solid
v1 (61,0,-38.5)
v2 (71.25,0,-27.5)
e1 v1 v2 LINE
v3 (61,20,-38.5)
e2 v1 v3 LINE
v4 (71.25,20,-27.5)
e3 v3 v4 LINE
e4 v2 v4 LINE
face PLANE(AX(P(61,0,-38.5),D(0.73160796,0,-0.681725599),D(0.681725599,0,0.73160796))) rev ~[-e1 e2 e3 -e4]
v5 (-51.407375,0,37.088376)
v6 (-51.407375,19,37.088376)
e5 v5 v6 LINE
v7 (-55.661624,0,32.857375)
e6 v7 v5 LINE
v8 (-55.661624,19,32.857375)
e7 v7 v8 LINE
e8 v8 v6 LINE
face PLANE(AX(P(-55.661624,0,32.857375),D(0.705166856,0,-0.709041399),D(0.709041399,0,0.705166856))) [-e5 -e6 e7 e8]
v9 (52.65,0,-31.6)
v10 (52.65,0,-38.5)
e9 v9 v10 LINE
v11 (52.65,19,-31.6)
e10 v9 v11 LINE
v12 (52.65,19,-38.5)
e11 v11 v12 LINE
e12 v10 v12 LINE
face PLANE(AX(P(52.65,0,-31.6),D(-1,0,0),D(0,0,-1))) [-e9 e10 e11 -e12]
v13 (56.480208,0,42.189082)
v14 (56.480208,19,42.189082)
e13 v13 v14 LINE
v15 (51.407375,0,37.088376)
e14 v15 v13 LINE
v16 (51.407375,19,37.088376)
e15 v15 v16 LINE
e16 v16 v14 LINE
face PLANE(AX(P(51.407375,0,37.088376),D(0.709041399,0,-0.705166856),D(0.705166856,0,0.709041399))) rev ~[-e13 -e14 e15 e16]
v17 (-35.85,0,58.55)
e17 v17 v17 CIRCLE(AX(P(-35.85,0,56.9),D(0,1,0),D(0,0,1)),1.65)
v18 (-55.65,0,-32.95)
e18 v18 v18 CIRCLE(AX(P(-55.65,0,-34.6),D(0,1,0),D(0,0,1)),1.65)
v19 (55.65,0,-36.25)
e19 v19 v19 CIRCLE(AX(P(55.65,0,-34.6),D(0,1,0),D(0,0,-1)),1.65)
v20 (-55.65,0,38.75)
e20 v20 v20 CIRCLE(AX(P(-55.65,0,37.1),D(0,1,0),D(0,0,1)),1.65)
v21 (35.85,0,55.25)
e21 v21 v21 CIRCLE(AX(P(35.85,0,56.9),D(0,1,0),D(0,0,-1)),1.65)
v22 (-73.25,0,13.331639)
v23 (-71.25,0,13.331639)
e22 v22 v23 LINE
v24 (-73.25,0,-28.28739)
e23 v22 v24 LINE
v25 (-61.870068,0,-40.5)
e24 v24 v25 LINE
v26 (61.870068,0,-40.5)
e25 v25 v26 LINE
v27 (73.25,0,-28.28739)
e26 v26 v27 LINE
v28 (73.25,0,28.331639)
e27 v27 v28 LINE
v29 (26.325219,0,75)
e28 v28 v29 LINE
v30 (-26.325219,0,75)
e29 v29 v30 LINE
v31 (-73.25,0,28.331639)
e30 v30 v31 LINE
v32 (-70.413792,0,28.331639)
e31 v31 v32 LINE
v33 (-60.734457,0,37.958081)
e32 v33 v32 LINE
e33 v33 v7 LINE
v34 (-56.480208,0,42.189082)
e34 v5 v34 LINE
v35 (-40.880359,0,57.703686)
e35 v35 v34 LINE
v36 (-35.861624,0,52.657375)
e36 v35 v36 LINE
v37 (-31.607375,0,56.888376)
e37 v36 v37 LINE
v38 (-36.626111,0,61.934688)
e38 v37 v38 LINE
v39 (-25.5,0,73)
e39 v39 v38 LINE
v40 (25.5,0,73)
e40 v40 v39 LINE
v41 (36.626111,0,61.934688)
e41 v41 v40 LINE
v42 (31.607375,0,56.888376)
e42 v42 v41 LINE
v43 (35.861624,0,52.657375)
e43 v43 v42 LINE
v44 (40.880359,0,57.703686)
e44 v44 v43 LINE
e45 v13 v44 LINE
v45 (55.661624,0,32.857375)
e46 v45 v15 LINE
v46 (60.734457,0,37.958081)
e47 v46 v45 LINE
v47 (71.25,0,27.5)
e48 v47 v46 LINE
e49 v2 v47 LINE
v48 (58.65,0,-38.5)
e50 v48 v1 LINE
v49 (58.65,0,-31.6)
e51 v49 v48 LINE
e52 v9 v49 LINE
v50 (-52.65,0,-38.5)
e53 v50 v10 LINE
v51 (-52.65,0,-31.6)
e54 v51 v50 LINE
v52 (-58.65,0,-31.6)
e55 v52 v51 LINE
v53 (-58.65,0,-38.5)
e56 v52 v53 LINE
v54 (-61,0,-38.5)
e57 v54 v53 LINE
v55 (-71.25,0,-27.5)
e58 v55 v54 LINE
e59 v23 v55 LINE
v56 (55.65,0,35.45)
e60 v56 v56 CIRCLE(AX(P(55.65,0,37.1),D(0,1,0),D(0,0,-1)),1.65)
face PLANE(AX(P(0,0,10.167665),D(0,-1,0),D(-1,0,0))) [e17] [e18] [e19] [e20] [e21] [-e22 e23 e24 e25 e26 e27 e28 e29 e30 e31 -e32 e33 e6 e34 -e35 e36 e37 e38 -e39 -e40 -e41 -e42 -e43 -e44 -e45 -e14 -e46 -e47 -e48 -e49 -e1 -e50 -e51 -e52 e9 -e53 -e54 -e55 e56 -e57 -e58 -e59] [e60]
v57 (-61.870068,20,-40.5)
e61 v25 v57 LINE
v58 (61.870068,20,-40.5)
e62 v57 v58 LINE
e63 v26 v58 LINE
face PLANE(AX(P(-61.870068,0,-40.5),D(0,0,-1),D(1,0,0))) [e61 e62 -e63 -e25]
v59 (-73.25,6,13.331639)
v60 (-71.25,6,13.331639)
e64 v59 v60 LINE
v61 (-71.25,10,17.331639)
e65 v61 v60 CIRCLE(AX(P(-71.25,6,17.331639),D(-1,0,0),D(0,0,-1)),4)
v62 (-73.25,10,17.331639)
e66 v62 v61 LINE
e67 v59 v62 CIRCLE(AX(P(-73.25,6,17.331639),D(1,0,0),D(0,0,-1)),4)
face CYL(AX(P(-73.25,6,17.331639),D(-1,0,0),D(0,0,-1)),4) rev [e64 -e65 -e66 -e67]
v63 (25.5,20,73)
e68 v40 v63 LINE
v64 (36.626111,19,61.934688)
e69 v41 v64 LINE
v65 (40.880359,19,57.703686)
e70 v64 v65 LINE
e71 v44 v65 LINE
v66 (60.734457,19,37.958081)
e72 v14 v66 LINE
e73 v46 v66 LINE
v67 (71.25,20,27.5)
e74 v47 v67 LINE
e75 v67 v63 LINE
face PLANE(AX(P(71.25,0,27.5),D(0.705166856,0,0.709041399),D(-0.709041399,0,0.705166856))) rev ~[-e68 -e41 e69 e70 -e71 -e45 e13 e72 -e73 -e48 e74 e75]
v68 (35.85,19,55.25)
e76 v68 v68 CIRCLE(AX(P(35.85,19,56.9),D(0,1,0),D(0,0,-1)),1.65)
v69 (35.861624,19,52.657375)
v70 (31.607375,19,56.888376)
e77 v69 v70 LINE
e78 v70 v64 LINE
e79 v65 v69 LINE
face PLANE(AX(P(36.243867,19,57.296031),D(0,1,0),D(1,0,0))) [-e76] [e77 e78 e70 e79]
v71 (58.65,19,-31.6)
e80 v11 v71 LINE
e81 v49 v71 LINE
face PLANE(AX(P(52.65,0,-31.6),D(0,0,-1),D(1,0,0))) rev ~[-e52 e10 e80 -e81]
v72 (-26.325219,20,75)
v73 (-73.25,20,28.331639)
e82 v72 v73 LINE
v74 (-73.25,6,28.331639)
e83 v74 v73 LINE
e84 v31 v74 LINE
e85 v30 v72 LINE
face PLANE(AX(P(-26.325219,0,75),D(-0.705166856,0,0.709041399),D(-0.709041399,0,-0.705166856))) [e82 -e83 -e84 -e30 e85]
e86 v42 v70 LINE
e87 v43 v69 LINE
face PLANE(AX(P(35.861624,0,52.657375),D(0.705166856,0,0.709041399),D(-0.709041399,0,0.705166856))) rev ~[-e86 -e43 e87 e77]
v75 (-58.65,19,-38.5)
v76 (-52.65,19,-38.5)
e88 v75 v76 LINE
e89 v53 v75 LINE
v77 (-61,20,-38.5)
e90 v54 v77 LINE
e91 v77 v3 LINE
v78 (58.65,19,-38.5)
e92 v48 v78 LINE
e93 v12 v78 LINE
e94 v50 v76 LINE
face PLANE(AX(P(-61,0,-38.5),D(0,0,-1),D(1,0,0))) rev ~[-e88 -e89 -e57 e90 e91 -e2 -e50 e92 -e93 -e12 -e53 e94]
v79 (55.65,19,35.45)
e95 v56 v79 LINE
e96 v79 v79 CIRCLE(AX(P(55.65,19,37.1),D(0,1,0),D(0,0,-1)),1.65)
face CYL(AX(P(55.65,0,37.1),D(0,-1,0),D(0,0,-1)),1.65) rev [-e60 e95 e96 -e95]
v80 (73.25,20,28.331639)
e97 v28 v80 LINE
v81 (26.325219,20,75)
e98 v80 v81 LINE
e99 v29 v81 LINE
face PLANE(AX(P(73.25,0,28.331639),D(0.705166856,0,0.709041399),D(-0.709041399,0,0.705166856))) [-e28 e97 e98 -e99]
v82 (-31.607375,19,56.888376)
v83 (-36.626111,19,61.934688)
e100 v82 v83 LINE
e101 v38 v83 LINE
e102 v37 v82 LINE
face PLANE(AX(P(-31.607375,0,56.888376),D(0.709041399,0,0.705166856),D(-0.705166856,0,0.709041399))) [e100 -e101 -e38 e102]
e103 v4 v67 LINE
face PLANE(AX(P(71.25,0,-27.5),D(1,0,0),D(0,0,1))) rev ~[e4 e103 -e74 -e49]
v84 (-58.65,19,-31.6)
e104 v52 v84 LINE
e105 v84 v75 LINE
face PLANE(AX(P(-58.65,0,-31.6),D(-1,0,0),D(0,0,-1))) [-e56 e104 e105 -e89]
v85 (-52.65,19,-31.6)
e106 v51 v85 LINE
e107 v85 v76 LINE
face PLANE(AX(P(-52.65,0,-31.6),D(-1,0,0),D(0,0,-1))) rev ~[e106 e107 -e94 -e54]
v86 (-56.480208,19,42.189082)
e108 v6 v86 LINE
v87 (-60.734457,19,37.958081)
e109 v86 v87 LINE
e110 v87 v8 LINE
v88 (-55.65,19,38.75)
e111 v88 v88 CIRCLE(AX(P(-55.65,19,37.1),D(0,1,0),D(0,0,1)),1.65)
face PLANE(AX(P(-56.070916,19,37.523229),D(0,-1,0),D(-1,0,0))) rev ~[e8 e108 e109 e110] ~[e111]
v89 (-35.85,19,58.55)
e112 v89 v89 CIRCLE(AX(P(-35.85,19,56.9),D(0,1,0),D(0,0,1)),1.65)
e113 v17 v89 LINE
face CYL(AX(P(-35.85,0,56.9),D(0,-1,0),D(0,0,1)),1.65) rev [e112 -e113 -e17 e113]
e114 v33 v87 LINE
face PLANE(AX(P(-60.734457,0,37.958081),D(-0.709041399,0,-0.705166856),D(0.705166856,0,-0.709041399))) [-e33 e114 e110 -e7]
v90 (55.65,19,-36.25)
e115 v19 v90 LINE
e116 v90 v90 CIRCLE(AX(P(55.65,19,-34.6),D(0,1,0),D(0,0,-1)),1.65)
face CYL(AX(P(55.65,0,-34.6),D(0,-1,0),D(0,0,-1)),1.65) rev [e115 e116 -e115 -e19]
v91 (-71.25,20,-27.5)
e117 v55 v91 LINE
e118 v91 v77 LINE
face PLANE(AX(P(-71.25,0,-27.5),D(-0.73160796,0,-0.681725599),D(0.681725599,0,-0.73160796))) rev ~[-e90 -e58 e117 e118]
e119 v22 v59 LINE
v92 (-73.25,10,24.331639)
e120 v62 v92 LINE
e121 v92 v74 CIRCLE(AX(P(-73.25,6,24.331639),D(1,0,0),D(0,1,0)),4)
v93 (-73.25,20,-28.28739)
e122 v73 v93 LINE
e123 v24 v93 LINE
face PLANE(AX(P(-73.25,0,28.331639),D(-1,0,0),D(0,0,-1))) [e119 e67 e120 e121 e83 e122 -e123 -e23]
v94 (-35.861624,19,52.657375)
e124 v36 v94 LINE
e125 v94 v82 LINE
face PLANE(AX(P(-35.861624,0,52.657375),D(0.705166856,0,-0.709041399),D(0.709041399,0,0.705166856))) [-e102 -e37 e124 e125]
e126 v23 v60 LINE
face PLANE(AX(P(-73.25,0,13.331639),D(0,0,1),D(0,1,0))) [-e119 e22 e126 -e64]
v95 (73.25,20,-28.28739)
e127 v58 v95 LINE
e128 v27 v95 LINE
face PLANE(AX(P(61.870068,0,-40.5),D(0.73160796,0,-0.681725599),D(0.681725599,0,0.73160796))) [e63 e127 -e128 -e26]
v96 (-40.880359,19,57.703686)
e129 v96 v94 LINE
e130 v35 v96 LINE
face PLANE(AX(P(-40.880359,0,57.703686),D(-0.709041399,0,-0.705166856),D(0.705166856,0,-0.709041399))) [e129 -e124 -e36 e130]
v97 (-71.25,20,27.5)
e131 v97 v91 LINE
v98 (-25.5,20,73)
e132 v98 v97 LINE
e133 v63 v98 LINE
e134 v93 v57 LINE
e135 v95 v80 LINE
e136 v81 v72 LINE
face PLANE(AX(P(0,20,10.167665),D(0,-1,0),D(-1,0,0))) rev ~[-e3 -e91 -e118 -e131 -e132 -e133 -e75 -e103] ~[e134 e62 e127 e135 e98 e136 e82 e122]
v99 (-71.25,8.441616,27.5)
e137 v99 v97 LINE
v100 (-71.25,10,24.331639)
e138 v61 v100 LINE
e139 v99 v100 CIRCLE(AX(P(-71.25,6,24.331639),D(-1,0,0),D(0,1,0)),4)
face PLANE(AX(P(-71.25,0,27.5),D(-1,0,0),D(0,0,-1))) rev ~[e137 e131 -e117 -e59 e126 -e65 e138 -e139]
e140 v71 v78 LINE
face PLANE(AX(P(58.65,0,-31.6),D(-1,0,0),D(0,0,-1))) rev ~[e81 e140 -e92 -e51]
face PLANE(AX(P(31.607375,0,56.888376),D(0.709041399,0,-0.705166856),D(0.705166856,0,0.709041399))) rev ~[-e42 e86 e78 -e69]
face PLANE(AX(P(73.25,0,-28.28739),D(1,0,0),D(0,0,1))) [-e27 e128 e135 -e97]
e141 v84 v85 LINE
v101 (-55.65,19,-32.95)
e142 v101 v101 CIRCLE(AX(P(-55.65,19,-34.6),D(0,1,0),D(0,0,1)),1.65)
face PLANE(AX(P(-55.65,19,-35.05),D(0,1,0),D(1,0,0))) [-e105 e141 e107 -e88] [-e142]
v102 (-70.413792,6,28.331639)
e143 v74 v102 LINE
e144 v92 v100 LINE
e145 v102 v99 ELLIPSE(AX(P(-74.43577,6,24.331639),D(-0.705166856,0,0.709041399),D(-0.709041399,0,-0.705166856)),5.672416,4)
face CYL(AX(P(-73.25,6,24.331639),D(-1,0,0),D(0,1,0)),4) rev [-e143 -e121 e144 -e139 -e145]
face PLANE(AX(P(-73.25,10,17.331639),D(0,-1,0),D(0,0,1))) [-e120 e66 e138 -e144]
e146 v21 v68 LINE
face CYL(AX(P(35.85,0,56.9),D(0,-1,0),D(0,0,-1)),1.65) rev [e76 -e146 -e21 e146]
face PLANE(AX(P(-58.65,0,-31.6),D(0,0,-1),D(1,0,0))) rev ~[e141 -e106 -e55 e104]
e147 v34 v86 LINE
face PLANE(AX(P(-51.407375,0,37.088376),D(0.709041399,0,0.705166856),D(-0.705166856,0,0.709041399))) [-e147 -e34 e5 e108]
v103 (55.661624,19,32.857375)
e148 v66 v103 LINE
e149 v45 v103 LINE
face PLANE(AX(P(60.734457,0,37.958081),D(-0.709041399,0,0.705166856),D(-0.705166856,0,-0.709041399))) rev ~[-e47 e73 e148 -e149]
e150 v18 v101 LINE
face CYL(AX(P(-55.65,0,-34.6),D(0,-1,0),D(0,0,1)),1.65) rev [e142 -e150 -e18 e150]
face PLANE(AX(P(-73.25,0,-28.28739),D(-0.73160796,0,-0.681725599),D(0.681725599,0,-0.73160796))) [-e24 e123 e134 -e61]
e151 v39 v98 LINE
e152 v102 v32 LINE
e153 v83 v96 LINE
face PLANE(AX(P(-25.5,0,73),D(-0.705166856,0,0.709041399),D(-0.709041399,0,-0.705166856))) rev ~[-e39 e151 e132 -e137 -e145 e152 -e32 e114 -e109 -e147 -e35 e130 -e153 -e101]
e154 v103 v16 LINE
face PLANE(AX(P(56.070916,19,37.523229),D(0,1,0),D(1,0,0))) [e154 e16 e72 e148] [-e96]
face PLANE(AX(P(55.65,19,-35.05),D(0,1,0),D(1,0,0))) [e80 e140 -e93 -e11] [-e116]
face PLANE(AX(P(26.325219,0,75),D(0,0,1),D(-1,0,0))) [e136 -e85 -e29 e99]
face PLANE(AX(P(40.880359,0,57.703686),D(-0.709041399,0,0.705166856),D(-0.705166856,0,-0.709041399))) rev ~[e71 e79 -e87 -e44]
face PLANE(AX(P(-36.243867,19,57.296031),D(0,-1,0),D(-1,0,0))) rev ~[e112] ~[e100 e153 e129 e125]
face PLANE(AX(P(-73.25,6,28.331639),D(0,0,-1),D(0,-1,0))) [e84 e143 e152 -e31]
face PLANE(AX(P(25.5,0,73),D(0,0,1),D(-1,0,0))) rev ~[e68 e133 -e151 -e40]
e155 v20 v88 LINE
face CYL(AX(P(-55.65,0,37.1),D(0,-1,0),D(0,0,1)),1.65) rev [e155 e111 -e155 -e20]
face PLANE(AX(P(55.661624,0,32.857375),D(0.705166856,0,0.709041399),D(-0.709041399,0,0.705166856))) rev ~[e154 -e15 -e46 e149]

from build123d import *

# Parameters (mm, degrees)
BOSS_EXTRUDE1_DEPTH = 20
SKETCH2_R           = 1.65
SKETCH2_W           = 6
SKETCH2_H           = 6.9
BOSS_EXTRUDE2_DEPTH = 19
CUT_EXTRUDE1_DEPTH  = 10


with BuildPart() as part:
    # Sketch1 → Boss-Extrude1 (new body)
    with BuildSketch(Plane(origin=(0, 0, 0), x_dir=(1, 0, 0), z_dir=(0, 1, 0))):
        Polygon((-61.870068173, 40.5), (61.870068173, 40.5), (73.25, 28.287390235), (73.25, -28.33163873), (26.325219162, -75), (-26.325219162, -75), (-73.25, -28.33163873), (-73.25, 28.287390235), align=None)
        Polygon((-61, 38.5), (61, 38.5), (71.25, 27.5), (71.25, -27.5), (25.5, -73), (-25.5, -73), (-71.25, -27.5), (-71.25, 27.5), align=None, mode=Mode.SUBTRACT)
    extrude(amount=BOSS_EXTRUDE1_DEPTH)

    # Sketch2 → Boss-Extrude2 (add)
    # profile 1 of 6: a face of its own
    with BuildSketch(Plane(origin=(0, 0, 0), x_dir=(1, 0, 0), z_dir=(0, 1, 0))):
        Polygon((-40.880359301, -57.703686378), (-35.861623629, -52.657375236), (-31.607375236, -56.888376371), (-36.626110907, -61.934687513), align=None)
        with Locations(Location((-35.85, -56.9, 0), (0, 0, 270))):
            Circle(SKETCH2_R, mode=Mode.SUBTRACT)
    # profile 2 of 6: a face of its own
    with BuildSketch(Plane(origin=(0, 0, 0), x_dir=(1, 0, 0), z_dir=(0, 1, 0))):
        Polygon((-60.73445685, -37.958081166), (-55.661623629, -32.857375236), (-51.407375236, -37.088376371), (-56.480208456, -42.189082301), align=None)
        with Locations(Location((-55.65, -37.1, 0), (0, 0, 270))):
            Circle(SKETCH2_R, mode=Mode.SUBTRACT)
    # profile 3 of 6: a face of its own
    with BuildSketch(Plane(origin=(0, 0, 0), x_dir=(1, 0, 0), z_dir=(0, 1, 0))):
        with Locations((-55.65, 35.05)):
            Rectangle(SKETCH2_W, SKETCH2_H)
        with Locations(Location((-55.65, 34.6, 0), (0, 0, 270))):
            Circle(SKETCH2_R, mode=Mode.SUBTRACT)
    # profile 4 of 6: a face of its own
    with BuildSketch(Plane(origin=(0, 0, 0), x_dir=(1, 0, 0), z_dir=(0, 1, 0))):
        with Locations((55.65, 35.05)):
            Rectangle(SKETCH2_W, SKETCH2_H)
        with Locations(Location((55.65, 34.6, 0), (0, 0, 90))):
            Circle(SKETCH2_R, mode=Mode.SUBTRACT)
    # profile 5 of 6: a face of its own
    with BuildSketch(Plane(origin=(0, 0, 0), x_dir=(1, 0, 0), z_dir=(0, 1, 0))):
        Polygon((56.480208456, -42.189082301), (60.73445685, -37.958081166), (55.661623629, -32.857375236), (51.407375236, -37.088376371), align=None)
        with Locations(Location((55.65, -37.1, 0), (0, 0, 90))):
            Circle(SKETCH2_R, mode=Mode.SUBTRACT)
    # profile 6 of 6: a face of its own
    with BuildSketch(Plane(origin=(0, 0, 0), x_dir=(1, 0, 0), z_dir=(0, 1, 0))):
        Polygon((36.626110907, -61.934687513), (40.880359301, -57.703686378), (35.861623629, -52.657375236), (31.607375236, -56.888376371), align=None)
        with Locations(Location((35.85, -56.9, 0), (0, 0, 90))):
            Circle(SKETCH2_R, mode=Mode.SUBTRACT)
    extrude(amount=BOSS_EXTRUDE2_DEPTH)

    # Sketch3 → Cut-Extrude1 (cut)
    with BuildSketch(Plane.ZY.offset(73.25)):
        with BuildLine():
            Line((28.33163873, 0), (13.33163873, 0))
            Line((13.33163873, 0), (13.33163873, 6))
            ThreePointArc((13.33163873, 6), (14.503211605, 8.828427125), (17.33163873, 10))
            Line((17.33163873, 10), (24.33163873, 10))
            ThreePointArc((24.33163873, 10), (27.160065854, 8.828427125), (28.33163873, 6))
            Line((28.33163873, 6), (28.33163873, 0))
        make_face()
    extrude(amount=-CUT_EXTRUDE1_DEPTH, mode=Mode.SUBTRACT)


solid = part.part
